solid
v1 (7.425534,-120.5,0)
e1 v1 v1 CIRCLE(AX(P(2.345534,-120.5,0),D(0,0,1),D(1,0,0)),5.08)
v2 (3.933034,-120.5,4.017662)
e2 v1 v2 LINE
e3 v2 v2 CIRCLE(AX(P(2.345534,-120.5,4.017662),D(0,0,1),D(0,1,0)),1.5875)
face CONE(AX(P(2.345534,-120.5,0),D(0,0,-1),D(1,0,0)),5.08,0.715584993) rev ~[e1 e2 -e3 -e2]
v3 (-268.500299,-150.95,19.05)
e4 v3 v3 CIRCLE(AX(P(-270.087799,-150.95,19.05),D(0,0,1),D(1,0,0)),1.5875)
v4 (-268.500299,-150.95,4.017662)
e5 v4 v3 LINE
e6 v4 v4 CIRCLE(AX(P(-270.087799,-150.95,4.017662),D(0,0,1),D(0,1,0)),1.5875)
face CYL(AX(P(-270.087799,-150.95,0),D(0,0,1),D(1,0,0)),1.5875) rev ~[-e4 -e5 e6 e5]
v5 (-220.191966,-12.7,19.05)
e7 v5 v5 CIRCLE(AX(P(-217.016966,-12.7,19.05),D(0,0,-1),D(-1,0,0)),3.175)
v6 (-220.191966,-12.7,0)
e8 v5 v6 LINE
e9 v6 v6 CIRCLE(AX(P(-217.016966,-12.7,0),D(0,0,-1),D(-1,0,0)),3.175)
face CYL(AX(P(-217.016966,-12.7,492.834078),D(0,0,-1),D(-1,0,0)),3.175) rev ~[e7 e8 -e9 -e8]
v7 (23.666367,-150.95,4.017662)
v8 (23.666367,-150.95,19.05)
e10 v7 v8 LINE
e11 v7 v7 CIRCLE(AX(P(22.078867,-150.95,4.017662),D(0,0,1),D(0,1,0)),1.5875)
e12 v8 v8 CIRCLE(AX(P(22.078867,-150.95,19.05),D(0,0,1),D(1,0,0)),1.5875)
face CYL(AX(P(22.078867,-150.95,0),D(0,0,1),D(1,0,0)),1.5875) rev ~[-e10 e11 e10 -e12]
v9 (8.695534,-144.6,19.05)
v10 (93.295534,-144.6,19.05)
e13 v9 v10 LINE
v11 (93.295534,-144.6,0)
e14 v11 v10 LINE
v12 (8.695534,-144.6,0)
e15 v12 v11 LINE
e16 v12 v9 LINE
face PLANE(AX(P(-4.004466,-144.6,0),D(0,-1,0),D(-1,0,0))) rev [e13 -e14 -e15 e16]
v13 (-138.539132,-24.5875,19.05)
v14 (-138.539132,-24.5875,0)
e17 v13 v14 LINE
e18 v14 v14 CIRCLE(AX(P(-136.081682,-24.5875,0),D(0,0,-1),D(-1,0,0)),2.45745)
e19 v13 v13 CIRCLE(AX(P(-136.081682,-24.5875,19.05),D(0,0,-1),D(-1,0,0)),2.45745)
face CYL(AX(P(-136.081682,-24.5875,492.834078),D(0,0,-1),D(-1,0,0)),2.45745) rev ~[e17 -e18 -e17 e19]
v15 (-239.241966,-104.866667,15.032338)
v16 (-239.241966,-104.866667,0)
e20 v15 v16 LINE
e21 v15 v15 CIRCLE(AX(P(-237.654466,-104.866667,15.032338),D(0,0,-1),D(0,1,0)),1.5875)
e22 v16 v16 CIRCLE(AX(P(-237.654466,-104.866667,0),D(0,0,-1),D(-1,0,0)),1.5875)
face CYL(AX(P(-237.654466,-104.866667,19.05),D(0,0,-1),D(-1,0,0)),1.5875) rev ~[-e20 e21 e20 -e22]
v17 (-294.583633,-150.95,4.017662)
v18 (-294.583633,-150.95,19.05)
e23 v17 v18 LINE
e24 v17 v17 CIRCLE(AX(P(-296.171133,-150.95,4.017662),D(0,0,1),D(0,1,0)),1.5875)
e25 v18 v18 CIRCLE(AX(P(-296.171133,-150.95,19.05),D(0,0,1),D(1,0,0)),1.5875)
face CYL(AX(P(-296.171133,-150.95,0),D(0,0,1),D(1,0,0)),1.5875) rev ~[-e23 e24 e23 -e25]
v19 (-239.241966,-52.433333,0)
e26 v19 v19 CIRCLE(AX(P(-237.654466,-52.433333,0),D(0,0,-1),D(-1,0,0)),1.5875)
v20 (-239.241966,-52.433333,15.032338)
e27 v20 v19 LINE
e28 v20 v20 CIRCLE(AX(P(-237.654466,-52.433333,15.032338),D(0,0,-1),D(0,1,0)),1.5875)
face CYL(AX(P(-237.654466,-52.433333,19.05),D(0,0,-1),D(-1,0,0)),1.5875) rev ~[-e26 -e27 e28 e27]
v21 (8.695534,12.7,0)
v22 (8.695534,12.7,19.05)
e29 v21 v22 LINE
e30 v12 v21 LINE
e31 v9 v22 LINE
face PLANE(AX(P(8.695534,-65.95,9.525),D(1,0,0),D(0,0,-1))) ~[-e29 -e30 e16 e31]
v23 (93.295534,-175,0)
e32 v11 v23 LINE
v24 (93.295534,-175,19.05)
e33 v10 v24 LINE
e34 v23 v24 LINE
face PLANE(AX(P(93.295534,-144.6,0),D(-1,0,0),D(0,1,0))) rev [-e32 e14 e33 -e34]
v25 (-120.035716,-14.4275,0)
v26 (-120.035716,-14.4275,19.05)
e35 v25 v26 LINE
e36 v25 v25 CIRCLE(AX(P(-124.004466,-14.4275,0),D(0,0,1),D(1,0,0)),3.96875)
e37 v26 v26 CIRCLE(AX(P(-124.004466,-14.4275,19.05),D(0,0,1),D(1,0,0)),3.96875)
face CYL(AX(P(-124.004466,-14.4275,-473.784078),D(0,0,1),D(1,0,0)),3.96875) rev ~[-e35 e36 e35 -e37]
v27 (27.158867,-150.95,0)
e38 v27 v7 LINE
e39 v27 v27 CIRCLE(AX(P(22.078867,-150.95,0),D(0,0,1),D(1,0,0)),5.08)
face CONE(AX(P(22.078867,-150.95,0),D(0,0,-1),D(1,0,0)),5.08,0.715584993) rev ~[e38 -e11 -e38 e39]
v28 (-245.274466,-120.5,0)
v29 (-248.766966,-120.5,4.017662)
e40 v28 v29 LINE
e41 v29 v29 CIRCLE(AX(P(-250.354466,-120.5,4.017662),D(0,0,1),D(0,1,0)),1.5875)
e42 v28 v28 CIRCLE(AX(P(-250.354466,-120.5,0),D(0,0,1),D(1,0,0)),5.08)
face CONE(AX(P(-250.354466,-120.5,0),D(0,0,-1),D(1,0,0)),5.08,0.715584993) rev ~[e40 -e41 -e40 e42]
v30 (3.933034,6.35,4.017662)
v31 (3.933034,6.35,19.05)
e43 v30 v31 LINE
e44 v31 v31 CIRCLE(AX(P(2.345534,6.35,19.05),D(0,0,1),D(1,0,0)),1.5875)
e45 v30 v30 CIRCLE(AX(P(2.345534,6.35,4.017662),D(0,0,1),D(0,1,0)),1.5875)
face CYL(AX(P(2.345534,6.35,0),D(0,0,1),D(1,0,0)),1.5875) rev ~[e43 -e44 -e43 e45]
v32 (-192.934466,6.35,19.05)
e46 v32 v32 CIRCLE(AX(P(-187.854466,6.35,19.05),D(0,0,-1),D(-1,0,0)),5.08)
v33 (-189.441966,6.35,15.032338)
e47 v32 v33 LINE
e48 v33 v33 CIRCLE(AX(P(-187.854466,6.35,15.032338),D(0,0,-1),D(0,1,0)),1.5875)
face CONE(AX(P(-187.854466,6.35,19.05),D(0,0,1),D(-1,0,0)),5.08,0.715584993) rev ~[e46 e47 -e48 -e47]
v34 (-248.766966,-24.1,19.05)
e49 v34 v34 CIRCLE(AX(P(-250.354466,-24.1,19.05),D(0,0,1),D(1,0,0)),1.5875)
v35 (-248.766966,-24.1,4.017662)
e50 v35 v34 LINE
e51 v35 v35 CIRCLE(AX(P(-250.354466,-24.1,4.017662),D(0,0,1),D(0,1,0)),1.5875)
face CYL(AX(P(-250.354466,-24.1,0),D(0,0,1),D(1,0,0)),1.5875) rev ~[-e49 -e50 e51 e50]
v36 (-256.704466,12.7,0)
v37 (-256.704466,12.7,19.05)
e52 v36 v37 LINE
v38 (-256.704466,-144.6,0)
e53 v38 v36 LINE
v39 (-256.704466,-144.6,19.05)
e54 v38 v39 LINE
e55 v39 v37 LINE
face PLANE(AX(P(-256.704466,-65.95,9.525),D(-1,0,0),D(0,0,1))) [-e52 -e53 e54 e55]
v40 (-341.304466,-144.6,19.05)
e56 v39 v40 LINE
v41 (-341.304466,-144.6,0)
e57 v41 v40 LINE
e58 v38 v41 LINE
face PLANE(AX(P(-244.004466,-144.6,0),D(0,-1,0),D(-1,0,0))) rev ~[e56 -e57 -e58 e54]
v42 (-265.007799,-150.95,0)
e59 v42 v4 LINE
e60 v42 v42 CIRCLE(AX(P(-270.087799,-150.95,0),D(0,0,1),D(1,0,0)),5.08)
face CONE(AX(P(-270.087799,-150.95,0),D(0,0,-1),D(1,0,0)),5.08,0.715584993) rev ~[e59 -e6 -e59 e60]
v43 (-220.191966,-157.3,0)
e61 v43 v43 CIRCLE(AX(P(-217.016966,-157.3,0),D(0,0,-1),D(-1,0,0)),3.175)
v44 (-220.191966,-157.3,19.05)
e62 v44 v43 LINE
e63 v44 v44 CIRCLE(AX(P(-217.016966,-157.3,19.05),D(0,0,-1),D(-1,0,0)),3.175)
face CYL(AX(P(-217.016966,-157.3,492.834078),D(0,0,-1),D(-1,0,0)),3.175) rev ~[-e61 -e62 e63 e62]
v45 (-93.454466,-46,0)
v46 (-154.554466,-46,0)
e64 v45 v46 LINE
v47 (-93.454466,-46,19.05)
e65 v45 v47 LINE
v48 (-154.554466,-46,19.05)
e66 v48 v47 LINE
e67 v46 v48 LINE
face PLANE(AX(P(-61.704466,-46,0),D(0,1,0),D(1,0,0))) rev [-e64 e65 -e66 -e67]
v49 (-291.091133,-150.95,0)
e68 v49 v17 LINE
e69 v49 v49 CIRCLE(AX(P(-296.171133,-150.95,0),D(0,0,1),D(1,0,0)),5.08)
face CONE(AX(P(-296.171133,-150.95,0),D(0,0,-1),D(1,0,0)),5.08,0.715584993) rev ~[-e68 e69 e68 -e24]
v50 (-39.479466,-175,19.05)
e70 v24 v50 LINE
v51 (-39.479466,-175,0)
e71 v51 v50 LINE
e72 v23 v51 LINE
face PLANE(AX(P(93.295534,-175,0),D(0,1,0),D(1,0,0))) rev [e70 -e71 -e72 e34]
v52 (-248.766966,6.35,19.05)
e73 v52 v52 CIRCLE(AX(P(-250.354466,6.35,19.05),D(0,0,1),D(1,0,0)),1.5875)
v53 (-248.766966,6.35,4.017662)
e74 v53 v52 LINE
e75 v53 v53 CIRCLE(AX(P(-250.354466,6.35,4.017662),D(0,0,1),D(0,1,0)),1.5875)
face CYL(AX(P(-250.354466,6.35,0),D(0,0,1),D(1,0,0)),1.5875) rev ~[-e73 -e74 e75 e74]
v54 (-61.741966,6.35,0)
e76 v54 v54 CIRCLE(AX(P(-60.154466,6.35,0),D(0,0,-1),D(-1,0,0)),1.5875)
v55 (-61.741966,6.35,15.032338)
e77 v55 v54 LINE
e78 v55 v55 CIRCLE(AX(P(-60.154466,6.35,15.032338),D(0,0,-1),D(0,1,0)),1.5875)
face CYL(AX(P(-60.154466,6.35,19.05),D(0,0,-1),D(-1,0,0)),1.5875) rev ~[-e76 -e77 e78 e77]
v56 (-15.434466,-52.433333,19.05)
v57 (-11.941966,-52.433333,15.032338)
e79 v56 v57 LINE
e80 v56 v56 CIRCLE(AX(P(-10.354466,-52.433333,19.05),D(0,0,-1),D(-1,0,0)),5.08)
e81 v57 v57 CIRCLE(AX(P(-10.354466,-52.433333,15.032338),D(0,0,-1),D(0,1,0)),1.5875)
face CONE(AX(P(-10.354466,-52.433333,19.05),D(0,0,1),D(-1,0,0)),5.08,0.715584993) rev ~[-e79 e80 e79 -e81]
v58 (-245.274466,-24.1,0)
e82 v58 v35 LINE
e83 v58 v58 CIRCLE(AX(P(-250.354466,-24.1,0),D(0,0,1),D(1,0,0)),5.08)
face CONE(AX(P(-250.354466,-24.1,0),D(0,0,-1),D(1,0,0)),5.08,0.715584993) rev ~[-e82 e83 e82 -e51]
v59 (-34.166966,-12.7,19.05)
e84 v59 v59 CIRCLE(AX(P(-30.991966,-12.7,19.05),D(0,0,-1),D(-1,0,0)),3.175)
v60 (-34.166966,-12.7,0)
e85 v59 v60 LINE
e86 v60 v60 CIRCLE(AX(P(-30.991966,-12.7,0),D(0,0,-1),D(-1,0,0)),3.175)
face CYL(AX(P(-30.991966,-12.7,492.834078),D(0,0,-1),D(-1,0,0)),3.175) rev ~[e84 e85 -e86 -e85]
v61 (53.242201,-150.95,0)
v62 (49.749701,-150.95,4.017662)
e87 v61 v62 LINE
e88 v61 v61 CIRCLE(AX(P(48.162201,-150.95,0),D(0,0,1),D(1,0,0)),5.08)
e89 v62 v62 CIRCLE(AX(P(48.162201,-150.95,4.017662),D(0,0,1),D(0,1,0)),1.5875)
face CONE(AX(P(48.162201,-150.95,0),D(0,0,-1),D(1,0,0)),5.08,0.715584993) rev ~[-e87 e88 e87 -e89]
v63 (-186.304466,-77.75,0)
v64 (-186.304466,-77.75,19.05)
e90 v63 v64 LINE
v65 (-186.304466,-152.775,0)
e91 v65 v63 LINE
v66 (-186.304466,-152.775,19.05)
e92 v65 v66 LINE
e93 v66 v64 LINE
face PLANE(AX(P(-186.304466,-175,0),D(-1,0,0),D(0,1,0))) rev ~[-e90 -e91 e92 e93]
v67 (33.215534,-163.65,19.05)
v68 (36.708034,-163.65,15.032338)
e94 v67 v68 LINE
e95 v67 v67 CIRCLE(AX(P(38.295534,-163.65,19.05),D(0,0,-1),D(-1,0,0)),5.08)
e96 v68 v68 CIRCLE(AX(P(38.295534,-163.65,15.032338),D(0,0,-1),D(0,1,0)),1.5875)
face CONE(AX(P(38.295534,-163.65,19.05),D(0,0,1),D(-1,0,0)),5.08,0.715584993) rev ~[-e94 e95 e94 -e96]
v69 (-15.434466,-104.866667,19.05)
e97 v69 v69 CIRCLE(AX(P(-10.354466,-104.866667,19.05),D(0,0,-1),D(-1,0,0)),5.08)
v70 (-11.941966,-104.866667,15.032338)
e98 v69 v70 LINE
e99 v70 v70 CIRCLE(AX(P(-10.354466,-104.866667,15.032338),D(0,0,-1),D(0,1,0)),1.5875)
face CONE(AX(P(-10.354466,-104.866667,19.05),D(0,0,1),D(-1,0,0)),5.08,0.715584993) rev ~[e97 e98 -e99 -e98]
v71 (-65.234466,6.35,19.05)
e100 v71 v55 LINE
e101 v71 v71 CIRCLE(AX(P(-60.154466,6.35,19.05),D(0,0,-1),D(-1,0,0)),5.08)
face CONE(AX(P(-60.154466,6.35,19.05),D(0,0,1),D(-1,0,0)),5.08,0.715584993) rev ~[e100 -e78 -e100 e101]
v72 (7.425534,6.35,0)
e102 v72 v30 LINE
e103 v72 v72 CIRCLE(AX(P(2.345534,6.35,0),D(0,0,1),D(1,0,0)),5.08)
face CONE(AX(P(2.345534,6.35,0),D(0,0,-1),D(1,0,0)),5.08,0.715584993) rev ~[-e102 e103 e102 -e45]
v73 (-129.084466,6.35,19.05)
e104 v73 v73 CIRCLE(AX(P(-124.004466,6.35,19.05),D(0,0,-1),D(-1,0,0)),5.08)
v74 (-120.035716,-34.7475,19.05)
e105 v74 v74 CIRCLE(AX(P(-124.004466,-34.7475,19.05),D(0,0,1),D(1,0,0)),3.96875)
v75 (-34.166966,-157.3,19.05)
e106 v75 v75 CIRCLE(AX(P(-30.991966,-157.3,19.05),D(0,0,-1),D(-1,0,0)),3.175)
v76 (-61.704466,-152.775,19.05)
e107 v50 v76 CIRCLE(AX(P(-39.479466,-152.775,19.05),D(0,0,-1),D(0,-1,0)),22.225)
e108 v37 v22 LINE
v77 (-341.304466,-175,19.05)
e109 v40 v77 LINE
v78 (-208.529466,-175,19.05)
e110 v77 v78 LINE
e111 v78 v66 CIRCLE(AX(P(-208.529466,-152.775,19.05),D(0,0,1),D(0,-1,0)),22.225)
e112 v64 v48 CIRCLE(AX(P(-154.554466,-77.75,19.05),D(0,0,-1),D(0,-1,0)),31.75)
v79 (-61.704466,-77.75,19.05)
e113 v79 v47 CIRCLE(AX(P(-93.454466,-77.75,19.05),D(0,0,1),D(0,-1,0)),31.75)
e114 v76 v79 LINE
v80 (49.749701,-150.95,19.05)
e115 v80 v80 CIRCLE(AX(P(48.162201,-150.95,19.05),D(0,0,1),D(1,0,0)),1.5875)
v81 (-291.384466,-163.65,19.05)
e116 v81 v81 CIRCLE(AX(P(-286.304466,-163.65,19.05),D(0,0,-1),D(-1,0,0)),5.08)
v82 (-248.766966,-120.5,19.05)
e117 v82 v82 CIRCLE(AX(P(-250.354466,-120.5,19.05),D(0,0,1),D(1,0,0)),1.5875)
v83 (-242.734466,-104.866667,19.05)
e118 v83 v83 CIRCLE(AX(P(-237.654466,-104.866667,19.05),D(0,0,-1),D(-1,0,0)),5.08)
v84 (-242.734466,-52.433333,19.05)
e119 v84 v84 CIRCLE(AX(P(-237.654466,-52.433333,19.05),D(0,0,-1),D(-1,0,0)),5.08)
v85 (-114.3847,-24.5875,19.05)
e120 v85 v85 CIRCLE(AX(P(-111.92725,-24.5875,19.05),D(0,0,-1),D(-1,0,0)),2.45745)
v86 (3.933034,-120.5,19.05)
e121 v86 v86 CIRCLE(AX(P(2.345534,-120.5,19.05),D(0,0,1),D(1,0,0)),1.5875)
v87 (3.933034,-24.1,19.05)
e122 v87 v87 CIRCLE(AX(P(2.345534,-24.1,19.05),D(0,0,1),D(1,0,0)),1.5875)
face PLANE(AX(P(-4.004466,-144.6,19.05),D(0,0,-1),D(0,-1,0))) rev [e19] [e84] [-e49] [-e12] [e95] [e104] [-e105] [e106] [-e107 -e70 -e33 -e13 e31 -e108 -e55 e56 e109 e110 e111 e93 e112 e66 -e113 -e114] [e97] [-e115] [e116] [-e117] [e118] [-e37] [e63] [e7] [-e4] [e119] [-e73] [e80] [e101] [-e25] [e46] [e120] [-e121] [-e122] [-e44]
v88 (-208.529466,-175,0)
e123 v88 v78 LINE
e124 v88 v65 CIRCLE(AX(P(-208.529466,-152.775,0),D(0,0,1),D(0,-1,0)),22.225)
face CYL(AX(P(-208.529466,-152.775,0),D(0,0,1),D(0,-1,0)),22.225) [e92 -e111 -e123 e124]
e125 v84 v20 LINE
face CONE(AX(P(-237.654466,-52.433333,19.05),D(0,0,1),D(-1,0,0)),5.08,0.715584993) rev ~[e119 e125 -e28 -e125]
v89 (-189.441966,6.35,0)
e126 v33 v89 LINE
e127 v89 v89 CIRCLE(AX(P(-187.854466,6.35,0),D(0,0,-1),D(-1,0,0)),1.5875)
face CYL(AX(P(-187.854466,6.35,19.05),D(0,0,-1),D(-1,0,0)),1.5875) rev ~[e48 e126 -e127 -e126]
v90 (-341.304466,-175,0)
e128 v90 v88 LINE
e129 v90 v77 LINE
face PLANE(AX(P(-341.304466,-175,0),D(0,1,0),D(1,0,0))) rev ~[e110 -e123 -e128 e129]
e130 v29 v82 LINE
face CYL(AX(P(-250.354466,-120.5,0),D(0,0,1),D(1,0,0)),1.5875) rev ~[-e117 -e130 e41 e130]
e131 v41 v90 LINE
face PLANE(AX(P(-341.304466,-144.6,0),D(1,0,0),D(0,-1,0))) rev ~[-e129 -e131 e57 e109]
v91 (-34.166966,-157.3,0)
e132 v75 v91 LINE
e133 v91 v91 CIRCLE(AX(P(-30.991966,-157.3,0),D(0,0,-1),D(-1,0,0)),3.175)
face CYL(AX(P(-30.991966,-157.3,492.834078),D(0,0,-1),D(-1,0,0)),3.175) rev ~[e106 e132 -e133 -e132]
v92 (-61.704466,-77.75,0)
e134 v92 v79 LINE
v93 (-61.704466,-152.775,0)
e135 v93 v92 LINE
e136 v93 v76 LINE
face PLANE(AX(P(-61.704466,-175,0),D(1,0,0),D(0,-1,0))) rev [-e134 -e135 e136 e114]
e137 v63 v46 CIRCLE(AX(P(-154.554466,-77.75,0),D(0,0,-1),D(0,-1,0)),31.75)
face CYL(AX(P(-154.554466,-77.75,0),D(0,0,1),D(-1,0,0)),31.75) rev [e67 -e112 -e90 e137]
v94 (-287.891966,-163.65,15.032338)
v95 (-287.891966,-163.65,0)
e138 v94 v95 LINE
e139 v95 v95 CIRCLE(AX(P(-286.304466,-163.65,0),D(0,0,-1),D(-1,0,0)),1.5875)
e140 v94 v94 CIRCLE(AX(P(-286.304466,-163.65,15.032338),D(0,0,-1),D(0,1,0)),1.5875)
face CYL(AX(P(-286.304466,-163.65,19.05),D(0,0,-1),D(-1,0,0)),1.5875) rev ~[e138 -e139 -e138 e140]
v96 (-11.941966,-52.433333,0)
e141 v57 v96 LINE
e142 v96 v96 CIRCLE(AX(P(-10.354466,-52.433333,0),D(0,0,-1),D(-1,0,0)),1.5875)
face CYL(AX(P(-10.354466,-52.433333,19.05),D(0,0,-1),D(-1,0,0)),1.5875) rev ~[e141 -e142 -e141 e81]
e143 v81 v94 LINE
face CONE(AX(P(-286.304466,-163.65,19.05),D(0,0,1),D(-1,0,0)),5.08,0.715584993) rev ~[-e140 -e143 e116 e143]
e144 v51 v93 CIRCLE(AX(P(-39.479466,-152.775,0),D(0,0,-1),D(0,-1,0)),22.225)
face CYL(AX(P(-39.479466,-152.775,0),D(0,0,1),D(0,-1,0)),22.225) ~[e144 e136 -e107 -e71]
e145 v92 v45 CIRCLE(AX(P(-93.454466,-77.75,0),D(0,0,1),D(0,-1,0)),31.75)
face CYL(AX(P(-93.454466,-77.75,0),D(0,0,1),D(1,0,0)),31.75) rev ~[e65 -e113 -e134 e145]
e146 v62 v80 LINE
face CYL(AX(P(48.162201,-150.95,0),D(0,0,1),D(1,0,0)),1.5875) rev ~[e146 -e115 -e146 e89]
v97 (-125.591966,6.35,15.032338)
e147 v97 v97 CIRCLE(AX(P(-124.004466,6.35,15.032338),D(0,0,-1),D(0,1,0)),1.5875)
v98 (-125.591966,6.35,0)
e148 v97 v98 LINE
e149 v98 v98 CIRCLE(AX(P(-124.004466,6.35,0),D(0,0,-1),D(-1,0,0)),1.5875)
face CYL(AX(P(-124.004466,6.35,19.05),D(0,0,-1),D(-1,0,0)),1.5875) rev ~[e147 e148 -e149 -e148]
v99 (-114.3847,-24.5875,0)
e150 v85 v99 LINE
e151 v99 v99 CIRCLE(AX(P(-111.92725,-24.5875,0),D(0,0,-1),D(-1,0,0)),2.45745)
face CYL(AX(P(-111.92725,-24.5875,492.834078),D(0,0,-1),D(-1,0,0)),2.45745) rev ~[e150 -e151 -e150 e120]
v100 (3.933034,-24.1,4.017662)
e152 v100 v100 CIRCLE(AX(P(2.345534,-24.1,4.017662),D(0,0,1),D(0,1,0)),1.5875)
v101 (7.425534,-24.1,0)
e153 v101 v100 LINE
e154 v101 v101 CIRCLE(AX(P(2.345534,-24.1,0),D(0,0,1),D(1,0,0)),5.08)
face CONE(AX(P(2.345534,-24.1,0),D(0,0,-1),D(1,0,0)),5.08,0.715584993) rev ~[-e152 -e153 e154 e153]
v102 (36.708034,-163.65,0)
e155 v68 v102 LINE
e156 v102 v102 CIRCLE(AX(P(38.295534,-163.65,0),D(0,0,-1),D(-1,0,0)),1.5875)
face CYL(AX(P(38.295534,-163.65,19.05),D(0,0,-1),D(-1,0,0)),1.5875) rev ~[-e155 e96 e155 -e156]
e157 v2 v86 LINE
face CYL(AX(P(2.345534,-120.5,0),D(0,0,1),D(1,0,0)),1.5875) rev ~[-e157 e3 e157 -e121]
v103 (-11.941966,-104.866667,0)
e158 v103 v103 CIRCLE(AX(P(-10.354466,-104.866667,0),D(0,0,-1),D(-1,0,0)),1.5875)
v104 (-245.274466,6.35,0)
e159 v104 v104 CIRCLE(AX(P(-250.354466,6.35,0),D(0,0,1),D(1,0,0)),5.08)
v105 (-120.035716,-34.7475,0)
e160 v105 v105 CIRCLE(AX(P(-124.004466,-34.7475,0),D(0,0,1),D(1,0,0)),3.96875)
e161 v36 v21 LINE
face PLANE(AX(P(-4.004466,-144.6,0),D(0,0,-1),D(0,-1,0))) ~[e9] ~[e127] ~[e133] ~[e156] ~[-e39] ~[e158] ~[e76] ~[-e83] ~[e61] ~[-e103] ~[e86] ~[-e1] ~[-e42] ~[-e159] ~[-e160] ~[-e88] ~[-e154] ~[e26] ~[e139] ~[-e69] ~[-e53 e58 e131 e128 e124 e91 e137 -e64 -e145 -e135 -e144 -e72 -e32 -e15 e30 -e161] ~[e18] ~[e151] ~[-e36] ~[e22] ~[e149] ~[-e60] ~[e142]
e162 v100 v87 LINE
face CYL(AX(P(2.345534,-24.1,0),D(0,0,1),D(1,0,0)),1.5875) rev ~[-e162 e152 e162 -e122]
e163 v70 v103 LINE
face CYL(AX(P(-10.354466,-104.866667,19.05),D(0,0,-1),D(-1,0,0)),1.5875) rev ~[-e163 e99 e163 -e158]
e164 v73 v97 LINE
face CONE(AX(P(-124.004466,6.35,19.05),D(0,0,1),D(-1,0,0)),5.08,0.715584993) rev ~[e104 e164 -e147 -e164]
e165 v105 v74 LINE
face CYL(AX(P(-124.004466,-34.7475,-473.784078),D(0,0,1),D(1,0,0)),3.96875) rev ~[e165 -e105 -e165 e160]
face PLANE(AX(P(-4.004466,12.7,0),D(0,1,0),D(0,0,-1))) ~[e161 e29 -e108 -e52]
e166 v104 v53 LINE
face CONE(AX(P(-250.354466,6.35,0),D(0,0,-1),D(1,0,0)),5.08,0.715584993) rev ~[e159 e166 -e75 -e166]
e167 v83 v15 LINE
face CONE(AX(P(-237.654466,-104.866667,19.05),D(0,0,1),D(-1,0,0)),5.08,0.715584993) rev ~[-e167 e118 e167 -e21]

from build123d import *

# Parameters (mm, degrees)
BOSS_EXTRUDE2_DEPTH            = 19.05
FILLET1_R                      = 22.225
FILLET2_R                      = 31.75
SKETCH6_W                      = 19.05
SKETCH6_H                      = 157.3
BOSS_EXTRUDE3_DEPTH            = 12.7
FILLET1_OF_MIRROR1_R           = 22.225
FILLET2_OF_MIRROR1_R           = 31.75
F_5_16_0_3125_DIAMETER_HOLE1_D = 7.9375
F_8_CLEARANCE_HOLE1_D          = 4.9149
HOLE1_D                        = 3.175
HOLE1_DEPTH                    = 31.75
HOLE1_CSINK_D                  = 10.16
HOLE1_CSINK_ANGLE              = 82
HOLE1_TIP                      = 0.953866233
HOLE2_D                        = 3.175
HOLE2_DEPTH                    = 31.75
HOLE2_CSINK_D                  = 10.16
HOLE2_CSINK_ANGLE              = 82
HOLE2_TIP                      = 0.953866233
F_1_4_0_25_DIAMETER_HOLE1_D    = 6.35


with BuildPart() as part:
    # Sketch1 → Boss-Extrude2 (new body)
    with BuildSketch(Plane.XY):
        Polygon((-341.304465963, -157.3), (-341.304465963, -175), (-186.304465963, -175), (-186.304465963, -46), (-124.004465969, -46), (-124.004465969, 12.7), (-244.004465963, 12.7), (-244.004465963, -144.6), (-341.304465963, -144.6), align=None)
    boss_extrude2 = extrude(amount=BOSS_EXTRUDE2_DEPTH)

    # Fillet1
    fillet1_edges = [part.edges().sort_by_distance(p)[0] for p in [
        (-186.304465963, -175, 9.525),
    ]]
    fillet(fillet1_edges, radius=FILLET1_R)

    # Fillet2
    fillet2_edges = [part.edges().sort_by_distance(p)[0] for p in [
        (-186.304465963, -46, 9.525),
    ]]
    fillet(fillet2_edges, radius=FILLET2_R)

    # Sketch6 → Boss-Extrude3 (add)
    with BuildSketch(Plane.ZY.offset(244.004465963)):
        with Locations((9.525, -65.95)):
            Rectangle(SKETCH6_W, SKETCH6_H)
    boss_extrude3 = extrude(amount=BOSS_EXTRUDE3_DEPTH)

    # Mirror1: Boss-Extrude2, Boss-Extrude3 across plane
    add(boss_extrude2.mirror(Plane(origin=(-124.004465969, 12.7, 19.05), x_dir=(0, 0, 1), z_dir=(1, 0, 0))))
    add(boss_extrude3.mirror(Plane(origin=(-124.004465969, 12.7, 19.05), x_dir=(0, 0, 1), z_dir=(1, 0, 0))))

    # Fillet1 of Mirror1
    fillet1_of_mirror1_edges = [part.edges().sort_by_distance(p)[0] for p in [
        (-61.704465975, -175, 9.525),
    ]]
    fillet(fillet1_of_mirror1_edges, radius=FILLET1_OF_MIRROR1_R)

    # Fillet2 of Mirror1
    fillet2_of_mirror1_edges = [part.edges().sort_by_distance(p)[0] for p in [
        (-61.704465975, -46, 9.525),
    ]]
    fillet(fillet2_of_mirror1_edges, radius=FILLET2_OF_MIRROR1_R)

    # 5/16 (0.3125) Diameter Hole1 (through all)
    with Locations(Plane(origin=(0, 0, 0), x_dir=(-1, 0, 0), z_dir=(0, 0, -1))):
        with Locations((124.004465969, -34.7475), (124.004465969, -14.4275)):
            Hole(F_5_16_0_3125_DIAMETER_HOLE1_D / 2)

    # #8 Clearance Hole1 (through all)
    with Locations(Plane.XY.offset(19.05)):
        with Locations((-111.927249911, -24.5875), (-136.081682027, -24.5875)):
            Hole(F_8_CLEARANCE_HOLE1_D / 2)

    # Hole1
    with Locations(Plane(origin=(-124.004465969, -155.024290059, 19.05), x_dir=(1, 0, 0), z_dir=(0, 0, 1))):
        with Locations((-162.299999994, -8.625709941), (-113.649999994, 50.157623392), (-113.649999994, 102.590956725), (162.299999994, -8.625709941), (113.649999994, 50.157623392), (113.649999994, 102.590956725), (63.85, 161.374290059), (0, 161.374290059), (-63.85, 161.374290059)):
            CounterSinkHole(HOLE1_D / 2, HOLE1_CSINK_D / 2, depth=HOLE1_DEPTH, counter_sink_angle=HOLE1_CSINK_ANGLE)
            with Locations((0, 0, -(HOLE1_DEPTH + HOLE1_TIP / 2))):  # 118° drill point
                Cone(0, HOLE1_D / 2, HOLE1_TIP, mode=Mode.SUBTRACT)

    # Hole2
    with Locations(Plane(origin=(-124.004465969, -155.024290059, 0), x_dir=(-1, 0, 0), z_dir=(0, 0, -1))):
        with Locations((126.349999994, 161.374290059), (146.083333327, 4.074290059), (172.166666661, 4.074290059), (126.349999994, 34.524290059), (126.349999994, 130.924290059), (-172.166666661, 4.074290059), (-146.083333327, 4.074290059), (-126.349999994, 34.524290059), (-126.349999994, 130.924290059), (-126.349999994, 161.374290059)):
            CounterSinkHole(HOLE2_D / 2, HOLE2_CSINK_D / 2, depth=HOLE2_DEPTH, counter_sink_angle=HOLE2_CSINK_ANGLE)
            with Locations((0, 0, -(HOLE2_DEPTH + HOLE2_TIP / 2))):  # 118° drill point
                Cone(0, HOLE2_D / 2, HOLE2_TIP, mode=Mode.SUBTRACT)

    # 1/4 (0.25) Diameter Hole1 (through all)
    with Locations(Plane.XY.offset(19.05)):
        with Locations((-217.016965963, -157.3), (-217.016965963, -12.7), (-30.991965975, -12.7), (-30.991965975, -157.3)):
            Hole(F_1_4_0_25_DIAMETER_HOLE1_D / 2)


solid = part.part
